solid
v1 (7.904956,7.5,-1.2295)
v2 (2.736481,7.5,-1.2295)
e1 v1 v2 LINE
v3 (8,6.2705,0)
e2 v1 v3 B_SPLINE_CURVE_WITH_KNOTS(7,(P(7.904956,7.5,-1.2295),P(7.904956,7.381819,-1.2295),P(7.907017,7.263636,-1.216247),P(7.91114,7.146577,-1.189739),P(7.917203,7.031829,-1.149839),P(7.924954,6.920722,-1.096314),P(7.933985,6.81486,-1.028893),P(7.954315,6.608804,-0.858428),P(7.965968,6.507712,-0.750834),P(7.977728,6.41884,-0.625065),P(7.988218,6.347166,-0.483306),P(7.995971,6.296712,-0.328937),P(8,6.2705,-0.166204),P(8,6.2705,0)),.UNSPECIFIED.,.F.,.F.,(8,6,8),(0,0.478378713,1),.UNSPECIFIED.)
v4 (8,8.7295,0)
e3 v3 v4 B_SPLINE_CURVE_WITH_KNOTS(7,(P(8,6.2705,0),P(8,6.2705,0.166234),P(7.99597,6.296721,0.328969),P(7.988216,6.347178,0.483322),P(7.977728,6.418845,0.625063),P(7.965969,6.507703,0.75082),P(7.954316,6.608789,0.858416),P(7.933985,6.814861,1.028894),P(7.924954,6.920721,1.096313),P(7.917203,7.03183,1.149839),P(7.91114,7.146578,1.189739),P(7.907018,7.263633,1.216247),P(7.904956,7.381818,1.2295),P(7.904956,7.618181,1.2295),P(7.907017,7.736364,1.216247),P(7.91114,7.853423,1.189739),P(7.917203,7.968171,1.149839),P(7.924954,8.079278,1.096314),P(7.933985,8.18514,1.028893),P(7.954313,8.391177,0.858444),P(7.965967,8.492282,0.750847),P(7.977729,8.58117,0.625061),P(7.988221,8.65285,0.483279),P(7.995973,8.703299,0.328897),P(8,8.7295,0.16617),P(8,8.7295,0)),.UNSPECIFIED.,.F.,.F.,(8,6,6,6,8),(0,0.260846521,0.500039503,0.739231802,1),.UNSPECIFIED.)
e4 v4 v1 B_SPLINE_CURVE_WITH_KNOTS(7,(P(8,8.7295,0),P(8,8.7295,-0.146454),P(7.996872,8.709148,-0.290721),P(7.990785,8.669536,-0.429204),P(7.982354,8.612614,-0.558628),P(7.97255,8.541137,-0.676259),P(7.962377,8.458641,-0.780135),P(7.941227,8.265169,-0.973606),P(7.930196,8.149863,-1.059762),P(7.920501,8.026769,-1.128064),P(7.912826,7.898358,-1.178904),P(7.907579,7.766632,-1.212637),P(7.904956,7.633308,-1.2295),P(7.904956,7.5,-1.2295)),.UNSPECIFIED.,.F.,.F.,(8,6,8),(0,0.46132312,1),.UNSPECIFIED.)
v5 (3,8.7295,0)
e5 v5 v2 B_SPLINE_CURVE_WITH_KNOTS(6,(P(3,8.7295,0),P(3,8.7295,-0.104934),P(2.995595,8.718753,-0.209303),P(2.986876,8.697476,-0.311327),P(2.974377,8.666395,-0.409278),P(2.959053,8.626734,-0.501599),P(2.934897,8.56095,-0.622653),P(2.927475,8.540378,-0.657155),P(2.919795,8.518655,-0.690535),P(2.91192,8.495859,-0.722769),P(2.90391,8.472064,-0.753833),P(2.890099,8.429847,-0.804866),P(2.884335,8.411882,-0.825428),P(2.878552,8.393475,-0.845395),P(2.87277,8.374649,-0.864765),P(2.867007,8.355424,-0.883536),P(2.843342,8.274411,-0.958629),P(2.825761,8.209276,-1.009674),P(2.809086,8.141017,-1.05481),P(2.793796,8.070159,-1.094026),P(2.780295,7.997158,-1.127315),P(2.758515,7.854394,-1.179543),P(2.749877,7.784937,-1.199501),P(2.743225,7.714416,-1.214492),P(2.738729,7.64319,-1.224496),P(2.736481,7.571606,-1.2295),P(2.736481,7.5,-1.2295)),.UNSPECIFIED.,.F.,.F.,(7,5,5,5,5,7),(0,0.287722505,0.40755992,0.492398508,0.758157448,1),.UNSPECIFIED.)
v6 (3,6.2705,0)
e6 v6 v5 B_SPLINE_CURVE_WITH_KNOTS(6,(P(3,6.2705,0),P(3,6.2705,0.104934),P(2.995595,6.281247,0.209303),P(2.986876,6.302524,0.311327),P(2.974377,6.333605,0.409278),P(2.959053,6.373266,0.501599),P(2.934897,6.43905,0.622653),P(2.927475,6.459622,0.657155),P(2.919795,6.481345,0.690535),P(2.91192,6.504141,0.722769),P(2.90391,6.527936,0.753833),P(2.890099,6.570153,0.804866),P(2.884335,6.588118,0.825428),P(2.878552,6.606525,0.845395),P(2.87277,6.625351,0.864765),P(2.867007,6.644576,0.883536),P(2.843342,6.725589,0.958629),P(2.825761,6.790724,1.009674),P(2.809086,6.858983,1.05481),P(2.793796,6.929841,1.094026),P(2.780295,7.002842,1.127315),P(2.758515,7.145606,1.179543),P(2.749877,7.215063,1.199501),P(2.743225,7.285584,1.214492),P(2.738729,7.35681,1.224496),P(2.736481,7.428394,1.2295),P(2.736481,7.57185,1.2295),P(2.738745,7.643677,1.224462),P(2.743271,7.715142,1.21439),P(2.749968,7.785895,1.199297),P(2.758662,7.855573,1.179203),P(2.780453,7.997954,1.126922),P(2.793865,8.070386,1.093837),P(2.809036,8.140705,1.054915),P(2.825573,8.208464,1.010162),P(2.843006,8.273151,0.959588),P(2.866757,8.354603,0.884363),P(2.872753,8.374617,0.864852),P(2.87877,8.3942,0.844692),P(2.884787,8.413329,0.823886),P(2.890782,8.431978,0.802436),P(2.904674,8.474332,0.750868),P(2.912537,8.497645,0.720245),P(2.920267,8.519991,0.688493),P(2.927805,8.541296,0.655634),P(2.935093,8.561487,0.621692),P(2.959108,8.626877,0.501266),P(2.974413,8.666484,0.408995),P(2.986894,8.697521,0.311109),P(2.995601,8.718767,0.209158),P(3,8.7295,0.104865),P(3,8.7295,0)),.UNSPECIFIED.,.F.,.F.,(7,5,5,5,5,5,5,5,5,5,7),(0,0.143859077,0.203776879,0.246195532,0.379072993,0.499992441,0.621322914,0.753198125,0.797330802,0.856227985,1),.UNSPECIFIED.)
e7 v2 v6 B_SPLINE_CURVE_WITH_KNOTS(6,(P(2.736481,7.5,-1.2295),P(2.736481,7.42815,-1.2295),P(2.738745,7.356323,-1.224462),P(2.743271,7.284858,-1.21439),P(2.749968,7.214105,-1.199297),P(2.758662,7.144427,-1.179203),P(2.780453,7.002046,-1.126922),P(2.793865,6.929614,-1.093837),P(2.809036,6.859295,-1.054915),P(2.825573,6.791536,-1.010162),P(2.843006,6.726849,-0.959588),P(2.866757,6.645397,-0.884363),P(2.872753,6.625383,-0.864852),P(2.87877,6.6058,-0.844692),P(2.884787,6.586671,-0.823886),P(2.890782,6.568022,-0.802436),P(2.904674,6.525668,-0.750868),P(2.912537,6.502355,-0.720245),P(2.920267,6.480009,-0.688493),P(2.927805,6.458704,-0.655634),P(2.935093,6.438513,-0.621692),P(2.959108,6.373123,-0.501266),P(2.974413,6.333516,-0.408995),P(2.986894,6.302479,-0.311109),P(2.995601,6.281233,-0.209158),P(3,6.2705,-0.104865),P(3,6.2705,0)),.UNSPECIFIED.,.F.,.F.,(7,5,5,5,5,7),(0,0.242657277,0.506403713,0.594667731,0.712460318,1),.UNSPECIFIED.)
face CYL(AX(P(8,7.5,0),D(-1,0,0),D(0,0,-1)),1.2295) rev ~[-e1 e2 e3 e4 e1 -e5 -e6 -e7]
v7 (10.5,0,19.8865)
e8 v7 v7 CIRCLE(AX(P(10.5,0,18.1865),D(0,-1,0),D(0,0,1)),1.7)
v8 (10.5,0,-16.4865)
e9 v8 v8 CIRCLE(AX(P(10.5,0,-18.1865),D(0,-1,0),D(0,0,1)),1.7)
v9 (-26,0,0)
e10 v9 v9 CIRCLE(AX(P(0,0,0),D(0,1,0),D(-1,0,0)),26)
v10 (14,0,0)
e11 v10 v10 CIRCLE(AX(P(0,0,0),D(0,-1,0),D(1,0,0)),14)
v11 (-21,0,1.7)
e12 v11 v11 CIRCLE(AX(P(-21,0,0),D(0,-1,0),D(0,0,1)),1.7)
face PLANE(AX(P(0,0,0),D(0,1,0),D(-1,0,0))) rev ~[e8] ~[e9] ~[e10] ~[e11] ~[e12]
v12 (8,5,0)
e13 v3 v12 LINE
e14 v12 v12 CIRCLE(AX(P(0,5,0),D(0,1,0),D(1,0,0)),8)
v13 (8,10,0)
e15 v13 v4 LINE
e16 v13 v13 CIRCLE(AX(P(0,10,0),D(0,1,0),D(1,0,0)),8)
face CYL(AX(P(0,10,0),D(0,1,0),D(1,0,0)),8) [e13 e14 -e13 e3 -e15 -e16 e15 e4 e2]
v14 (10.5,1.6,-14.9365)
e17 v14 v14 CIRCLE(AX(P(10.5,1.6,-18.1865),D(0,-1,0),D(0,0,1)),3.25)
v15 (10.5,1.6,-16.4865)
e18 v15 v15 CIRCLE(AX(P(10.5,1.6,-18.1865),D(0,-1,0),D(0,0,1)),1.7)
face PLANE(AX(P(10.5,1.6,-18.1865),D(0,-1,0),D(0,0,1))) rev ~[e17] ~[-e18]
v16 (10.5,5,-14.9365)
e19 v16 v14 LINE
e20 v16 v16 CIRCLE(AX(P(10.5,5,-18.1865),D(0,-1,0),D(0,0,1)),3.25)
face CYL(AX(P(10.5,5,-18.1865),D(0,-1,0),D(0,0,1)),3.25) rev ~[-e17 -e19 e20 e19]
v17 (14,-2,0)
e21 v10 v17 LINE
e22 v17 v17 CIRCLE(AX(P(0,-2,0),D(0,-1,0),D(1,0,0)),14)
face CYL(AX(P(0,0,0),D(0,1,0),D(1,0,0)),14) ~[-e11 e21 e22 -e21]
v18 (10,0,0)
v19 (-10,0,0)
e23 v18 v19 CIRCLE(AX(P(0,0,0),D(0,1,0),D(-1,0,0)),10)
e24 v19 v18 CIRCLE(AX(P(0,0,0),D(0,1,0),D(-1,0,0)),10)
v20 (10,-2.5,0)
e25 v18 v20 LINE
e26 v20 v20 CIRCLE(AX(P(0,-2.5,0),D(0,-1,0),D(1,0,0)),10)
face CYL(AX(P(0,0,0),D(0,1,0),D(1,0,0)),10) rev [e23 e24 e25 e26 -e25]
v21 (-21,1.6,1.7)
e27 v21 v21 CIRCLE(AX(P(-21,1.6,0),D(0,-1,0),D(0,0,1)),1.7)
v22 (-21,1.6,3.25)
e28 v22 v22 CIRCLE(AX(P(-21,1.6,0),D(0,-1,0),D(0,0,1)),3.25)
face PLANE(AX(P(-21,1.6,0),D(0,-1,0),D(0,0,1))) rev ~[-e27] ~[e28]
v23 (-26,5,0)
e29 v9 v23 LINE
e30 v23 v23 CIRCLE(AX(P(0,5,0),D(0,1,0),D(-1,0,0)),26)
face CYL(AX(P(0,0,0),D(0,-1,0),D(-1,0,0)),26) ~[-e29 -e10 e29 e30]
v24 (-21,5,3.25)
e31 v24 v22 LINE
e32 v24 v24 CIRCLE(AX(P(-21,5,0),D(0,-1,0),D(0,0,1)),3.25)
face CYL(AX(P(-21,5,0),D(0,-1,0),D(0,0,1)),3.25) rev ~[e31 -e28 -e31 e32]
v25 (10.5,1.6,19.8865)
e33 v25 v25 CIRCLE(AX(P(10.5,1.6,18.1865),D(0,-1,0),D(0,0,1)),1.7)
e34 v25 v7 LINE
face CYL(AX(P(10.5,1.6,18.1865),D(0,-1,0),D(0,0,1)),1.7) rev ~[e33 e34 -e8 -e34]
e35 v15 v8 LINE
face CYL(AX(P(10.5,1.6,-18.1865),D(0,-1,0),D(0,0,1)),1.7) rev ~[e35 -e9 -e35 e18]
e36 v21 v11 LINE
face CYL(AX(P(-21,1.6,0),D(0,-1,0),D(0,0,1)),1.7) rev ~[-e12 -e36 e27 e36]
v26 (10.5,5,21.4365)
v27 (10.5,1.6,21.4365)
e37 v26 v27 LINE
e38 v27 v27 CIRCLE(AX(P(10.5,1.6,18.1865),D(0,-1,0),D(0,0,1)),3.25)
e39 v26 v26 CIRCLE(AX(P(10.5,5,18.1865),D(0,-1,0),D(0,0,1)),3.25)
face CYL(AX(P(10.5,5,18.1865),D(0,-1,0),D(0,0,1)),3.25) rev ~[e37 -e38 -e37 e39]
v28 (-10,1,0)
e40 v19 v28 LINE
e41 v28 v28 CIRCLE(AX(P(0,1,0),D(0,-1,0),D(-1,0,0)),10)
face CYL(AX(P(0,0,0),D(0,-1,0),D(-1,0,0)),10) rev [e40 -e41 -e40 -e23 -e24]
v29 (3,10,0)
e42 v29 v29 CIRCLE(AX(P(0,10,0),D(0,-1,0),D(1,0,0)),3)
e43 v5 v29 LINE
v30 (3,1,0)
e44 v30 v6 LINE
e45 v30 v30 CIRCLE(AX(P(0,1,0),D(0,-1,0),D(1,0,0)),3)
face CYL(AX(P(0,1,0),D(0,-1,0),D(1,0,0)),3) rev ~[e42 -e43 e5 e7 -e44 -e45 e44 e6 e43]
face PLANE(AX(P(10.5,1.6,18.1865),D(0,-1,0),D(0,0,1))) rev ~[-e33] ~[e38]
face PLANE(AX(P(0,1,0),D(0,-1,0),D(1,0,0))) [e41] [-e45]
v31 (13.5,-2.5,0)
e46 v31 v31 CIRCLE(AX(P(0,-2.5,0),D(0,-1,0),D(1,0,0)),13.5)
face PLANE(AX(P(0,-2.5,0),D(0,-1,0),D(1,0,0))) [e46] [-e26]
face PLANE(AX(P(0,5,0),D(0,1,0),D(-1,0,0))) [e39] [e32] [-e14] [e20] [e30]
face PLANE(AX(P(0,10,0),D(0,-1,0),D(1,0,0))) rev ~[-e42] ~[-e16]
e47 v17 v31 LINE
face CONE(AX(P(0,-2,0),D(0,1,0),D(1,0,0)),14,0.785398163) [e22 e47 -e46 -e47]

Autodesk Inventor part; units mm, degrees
ref_plane "XZ Plane" through (0, 0, 0) normal (0, 1, 0) x (-1, 0, 0)
sketch "Sketch1" plane through (0, 0, 0) normal (0, 1, 0) x (-1, 0, 0)
  circle A0 centre (0, 0) radius 10
  circle A1 centre (0, 0) radius 26
  dimension "d0" = 20
  dimension "d8" = 52
extrude "Extrusion1" add sketch "Sketch1" along normal blind 5
sketch "Sketch2" plane through (0, 0, 0) normal (0, -1, 0) x (1, 0, 0)
  circle A0 centre (0, 0) radius 14
  circle A1 centre (0, 0) radius 10 projected
  dimension "d56" = 28
extrude "Extrusion2" add sketch "Sketch2" along normal blind 2.5
sketch "Sketch3" plane through (0, 5, 0) normal (0, 1, 0) x (1, 0, 0)
  circle A0 centre (0, 0) radius 21 construction
  line L0 (36.4, 0) -> (-36.4, 0) projected
  circle A1 centre (0, 0) radius 21 construction
  circle A2 centre (0, 0) radius 21 construction
  point P0 (-21, 0)
  point P1 (10.5, -18.1865)
  point P2 (10.5, 18.1865)
  dimension "d7" = 42
  dimension "d11" = 360
hole "Hole1" at (-21, 5, 0) at (10.5, 5, 18.1865) at (10.5, 5, -18.1865) direction (0, -1, 0) diameter 3.4 end through all counterbore diameter 6.5 counterbore depth 3.4 clearance for "Socket Head Cap Screw ISO 4762" size "M3" standard "ISO"
ref_plane "Work Plane2" through (0, 1, 0) normal (0, -1, 0) x (1, 0, 0)
sketch "Sketch8" plane through (0, 1, 0) normal (0, -1, 0) x (1, 0, 0)
  circle A0 centre (0, 0) radius 10 projected
  circle A1 centre (0, 0) radius 10 projected
  circle A2 centre (0, 0) radius 3
  dimension "d39" = 6
extrude "Extrusion5" add sketch "Sketch8" against normal blind 9
ref_plane "Work Plane3" through (8, 0, 0) normal (1, 0, 0) x (0, 1, 0)
sketch "Sketch9" plane through (0, 10, 0) normal (0, 1, 0) x (1, 0, 0)
  circle A0 centre (0, 0) radius 8
  circle A1 centre (0, 0) radius 3 projected
  circle A2 centre (0, 0) radius 10 projected
  circle A3 centre (0, 0) radius 3 projected
  dimension "d43" = 5
extrude "Extrusion6" cut sketch "Sketch9" against normal blind 5 contours A2
sketch "Sketch10" plane through (8, 0, 0) normal (1, 0, 0) x (0, 1, 0)
  line L0 (5, -8) -> (5, 8) projected
  line L1 (10, -8) -> (10, 8) projected
  line L2 (10, 0) -> (5, 0) construction
  point P0 (0, 0)
  point P1 (7.5, 0)
hole "Hole3" at (8, 7.5, 0) direction (-1, 0, 0) diameter 2.459 depth 8.8 tip angle 118 thread size "M3x0.5" class "6H" standard "ISO Metric profile"
chamfer "Chamfer1" distance 0.5 angle 45 1 edges at (-14, -2.5, 0)
properties part number "rotation stopper"
